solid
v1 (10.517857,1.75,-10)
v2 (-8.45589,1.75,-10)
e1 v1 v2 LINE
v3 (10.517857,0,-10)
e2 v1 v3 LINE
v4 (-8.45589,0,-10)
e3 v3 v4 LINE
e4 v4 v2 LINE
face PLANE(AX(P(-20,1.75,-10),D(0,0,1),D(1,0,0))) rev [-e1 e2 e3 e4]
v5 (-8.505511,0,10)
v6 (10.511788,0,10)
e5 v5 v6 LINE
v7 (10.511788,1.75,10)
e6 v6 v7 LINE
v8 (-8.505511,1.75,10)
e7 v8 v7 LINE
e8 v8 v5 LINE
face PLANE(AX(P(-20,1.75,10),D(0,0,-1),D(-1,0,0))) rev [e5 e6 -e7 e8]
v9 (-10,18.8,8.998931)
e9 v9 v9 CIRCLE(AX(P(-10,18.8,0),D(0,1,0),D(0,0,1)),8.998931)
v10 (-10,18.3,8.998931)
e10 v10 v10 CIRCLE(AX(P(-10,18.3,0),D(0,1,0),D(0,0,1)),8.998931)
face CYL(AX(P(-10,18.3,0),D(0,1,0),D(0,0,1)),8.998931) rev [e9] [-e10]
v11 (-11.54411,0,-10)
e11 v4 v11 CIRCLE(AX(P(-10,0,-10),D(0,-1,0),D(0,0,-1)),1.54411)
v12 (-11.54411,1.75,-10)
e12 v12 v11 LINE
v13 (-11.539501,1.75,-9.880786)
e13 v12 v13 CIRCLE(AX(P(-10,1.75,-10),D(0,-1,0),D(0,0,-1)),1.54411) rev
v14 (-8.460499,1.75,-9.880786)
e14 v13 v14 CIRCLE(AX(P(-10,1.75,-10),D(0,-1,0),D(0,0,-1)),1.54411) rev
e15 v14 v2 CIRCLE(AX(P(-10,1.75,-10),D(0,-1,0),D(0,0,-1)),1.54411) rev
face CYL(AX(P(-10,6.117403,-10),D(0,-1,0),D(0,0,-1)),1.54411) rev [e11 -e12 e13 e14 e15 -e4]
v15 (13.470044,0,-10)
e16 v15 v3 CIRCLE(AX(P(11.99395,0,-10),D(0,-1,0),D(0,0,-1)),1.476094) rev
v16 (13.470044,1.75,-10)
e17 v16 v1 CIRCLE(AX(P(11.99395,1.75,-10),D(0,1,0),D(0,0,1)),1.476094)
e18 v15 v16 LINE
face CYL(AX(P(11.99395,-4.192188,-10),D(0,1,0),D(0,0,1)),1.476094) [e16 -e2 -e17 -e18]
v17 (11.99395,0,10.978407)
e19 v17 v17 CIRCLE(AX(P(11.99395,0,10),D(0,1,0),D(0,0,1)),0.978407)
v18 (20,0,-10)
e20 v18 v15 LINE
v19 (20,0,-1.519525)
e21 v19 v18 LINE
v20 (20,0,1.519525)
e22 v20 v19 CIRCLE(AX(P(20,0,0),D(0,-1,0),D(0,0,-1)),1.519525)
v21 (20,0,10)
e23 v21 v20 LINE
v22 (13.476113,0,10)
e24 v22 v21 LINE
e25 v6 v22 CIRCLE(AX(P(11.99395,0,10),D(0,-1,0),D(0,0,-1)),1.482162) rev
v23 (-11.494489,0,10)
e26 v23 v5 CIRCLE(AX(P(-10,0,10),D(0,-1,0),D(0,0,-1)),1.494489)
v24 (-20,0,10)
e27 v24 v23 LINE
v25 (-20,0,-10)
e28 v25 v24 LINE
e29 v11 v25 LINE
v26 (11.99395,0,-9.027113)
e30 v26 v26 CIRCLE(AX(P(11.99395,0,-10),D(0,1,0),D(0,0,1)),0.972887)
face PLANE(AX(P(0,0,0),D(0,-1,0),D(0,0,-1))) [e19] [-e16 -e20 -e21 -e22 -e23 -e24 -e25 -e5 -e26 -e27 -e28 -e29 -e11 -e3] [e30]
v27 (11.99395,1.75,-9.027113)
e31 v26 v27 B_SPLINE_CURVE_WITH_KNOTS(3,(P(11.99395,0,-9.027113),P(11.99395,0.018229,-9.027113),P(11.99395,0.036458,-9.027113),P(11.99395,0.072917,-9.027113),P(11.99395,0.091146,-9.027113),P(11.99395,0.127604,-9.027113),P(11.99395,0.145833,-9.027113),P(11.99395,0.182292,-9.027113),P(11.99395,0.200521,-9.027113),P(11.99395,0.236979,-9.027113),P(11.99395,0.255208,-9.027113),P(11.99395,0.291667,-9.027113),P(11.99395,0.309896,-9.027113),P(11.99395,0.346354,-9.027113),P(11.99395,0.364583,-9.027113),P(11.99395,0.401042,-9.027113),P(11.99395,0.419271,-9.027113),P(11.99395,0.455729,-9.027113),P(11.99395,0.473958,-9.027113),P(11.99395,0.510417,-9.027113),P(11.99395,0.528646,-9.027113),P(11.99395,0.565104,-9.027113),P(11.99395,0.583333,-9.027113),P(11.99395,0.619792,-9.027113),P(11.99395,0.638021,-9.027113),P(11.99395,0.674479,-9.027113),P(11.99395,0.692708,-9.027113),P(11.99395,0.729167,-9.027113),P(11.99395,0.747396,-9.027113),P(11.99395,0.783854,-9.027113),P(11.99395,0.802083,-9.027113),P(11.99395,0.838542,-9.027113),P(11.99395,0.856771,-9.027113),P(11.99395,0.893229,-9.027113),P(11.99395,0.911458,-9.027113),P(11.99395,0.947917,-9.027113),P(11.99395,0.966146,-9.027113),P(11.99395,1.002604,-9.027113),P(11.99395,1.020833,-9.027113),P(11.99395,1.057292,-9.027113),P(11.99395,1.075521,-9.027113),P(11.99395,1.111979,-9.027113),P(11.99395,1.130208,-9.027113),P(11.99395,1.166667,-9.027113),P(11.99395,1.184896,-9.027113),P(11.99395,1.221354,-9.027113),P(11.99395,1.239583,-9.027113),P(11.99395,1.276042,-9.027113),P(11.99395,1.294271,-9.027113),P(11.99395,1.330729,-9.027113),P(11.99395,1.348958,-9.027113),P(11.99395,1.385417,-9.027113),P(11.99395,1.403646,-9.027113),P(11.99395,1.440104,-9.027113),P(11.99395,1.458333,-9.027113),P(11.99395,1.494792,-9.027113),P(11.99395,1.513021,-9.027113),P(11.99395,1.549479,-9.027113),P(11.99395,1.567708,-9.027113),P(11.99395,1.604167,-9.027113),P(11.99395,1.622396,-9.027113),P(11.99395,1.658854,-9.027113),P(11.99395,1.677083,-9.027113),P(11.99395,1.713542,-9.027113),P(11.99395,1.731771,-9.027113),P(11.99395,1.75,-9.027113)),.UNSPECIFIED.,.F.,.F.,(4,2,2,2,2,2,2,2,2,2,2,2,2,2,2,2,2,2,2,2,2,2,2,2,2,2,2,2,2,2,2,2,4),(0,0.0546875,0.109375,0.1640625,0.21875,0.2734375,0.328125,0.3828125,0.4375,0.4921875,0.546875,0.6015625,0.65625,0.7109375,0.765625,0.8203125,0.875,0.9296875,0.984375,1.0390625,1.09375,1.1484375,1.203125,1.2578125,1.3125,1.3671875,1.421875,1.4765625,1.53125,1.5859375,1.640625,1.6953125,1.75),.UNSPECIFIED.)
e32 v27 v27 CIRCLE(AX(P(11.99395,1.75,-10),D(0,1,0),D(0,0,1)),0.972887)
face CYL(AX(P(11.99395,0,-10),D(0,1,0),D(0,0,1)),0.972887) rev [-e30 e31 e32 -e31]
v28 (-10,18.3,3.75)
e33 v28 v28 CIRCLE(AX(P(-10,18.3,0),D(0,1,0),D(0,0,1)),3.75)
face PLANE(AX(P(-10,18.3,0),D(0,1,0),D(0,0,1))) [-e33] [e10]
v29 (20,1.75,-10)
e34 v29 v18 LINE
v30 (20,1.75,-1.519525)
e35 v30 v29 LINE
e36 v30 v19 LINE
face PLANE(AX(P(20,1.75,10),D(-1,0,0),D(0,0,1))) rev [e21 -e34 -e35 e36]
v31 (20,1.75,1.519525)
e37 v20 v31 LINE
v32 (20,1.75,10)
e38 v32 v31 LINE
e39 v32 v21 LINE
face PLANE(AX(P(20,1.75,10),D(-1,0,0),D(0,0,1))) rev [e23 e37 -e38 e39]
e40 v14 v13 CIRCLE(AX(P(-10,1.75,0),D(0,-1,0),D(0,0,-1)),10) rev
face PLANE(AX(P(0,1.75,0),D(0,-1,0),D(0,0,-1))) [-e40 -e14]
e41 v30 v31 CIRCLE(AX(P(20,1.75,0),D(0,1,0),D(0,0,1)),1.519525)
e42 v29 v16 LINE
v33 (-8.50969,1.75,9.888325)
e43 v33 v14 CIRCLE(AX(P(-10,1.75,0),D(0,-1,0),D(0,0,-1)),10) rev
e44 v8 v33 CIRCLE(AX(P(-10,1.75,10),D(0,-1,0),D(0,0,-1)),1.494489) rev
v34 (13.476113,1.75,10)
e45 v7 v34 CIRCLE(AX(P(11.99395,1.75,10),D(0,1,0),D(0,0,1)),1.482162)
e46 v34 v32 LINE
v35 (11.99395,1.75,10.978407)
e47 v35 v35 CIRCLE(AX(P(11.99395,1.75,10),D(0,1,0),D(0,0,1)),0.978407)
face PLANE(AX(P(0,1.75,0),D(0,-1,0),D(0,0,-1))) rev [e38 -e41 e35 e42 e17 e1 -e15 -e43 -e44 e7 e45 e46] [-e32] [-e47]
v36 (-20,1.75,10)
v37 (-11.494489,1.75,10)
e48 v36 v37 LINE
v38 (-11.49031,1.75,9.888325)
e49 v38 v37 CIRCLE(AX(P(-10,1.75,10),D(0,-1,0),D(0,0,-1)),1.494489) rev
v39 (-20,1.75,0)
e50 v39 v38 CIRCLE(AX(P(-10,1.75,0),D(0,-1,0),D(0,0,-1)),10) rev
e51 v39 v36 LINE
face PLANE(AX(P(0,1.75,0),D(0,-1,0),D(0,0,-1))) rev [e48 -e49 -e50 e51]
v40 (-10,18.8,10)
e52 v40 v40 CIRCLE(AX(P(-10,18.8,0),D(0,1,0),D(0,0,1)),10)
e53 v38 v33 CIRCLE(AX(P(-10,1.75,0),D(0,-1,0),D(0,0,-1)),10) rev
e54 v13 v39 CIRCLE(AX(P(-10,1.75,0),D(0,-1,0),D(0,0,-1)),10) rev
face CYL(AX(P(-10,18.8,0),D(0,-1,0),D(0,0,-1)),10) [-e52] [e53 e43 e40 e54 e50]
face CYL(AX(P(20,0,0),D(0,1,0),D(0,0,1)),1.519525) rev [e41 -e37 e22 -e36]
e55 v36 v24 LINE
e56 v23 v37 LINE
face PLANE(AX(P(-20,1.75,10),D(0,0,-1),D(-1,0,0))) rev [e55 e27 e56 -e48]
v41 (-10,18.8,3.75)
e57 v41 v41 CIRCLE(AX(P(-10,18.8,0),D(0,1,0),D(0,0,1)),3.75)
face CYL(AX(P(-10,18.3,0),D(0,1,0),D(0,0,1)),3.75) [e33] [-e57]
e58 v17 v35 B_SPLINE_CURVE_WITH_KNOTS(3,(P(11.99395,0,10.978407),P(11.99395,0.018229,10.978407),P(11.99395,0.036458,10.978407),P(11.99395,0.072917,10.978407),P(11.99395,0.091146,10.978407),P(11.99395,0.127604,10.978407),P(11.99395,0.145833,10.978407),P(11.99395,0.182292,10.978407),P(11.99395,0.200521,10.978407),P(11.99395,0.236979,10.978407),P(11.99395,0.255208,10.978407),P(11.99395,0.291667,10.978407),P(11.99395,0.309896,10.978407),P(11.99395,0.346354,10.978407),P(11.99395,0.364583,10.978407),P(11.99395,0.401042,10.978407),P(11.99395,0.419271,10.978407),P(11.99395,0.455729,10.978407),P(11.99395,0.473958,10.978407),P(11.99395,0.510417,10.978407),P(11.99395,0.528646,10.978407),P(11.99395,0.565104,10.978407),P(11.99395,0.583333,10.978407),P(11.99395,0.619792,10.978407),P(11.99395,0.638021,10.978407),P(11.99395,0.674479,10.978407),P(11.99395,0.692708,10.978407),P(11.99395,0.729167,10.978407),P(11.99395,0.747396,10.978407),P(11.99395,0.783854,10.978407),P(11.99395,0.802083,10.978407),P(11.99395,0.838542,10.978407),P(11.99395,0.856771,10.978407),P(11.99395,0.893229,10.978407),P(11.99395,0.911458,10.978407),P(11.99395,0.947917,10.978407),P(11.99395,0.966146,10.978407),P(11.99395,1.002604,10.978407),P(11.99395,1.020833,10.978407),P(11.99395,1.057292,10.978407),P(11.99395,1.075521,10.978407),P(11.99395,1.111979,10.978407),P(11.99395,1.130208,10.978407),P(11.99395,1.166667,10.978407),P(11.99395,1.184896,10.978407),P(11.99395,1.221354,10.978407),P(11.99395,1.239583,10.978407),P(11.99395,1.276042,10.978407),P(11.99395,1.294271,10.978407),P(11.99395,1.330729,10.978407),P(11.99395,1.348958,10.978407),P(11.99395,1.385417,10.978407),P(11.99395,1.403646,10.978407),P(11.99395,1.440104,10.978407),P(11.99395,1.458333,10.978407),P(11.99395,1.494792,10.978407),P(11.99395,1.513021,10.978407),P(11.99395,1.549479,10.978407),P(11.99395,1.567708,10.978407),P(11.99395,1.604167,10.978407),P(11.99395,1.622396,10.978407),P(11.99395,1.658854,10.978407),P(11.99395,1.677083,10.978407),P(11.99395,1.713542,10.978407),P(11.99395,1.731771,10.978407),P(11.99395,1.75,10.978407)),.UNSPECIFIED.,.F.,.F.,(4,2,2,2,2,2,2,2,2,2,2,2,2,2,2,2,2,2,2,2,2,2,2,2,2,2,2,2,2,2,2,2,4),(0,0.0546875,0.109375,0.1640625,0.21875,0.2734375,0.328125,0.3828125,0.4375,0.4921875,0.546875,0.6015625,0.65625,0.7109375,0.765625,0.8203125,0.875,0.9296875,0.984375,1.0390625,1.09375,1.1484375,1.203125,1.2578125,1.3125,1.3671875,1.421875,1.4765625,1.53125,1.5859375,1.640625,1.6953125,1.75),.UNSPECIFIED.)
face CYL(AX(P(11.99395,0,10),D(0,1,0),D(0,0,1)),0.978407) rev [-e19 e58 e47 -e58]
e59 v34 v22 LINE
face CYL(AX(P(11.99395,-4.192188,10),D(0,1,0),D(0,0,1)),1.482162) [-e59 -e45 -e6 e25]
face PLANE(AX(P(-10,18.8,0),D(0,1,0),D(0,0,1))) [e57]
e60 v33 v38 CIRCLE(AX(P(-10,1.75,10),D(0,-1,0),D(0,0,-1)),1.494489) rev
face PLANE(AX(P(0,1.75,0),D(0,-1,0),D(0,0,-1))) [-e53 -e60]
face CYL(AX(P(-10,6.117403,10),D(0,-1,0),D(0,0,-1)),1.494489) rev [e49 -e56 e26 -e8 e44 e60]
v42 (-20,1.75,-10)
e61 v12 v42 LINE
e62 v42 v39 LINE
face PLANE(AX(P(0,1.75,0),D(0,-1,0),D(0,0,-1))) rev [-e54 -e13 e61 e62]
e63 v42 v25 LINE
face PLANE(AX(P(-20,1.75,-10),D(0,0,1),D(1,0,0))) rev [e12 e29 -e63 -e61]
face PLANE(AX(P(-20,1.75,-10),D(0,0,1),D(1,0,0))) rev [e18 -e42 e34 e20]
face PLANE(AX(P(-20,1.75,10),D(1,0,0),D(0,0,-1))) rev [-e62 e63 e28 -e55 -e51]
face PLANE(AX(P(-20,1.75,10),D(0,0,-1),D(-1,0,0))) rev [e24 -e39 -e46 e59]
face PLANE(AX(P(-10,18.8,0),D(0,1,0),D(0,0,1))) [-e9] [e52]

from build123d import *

# Parameters (mm, degrees)
SKETCH1_W           = 40
SKETCH1_H           = 20
BOSS_EXTRUDE1_DEPTH = 1.75
SKETCH2_R           = 10
BOSS_EXTRUDE2_DEPTH = 18.8
SKETCH3_R           = 8.998930974
SKETCH3_R_2         = 3.75
CUT_EXTRUDE2_DEPTH  = 0.5
SKETCH4_R           = 1.519525434
CUT_EXTRUDE3_DEPTH  = 29.119432782
SKETCH5_R           = 1.494488577
SKETCH5_R_2         = 1.544110057
CUT_EXTRUDE5_DEPTH  = 1.75
SKETCH7_R           = 1.482162374
SKETCH7_R_2         = 1.476093664
BOSS_EXTRUDE3_DEPTH = 1.75
SKETCH8_R           = 0.972887348
SKETCH8_R_2         = 0.978406894
CUT_EXTRUDE6_DEPTH  = 29.680002664


with BuildPart() as part:
    # Sketch1 → Boss-Extrude1 (new body)
    with BuildSketch(Plane(origin=(0, 0, 0), x_dir=(1, 0, 0), z_dir=(0, 1, 0))):
        Rectangle(SKETCH1_W, SKETCH1_H)
    extrude(amount=BOSS_EXTRUDE1_DEPTH)

    # Sketch2 → Boss-Extrude2 (add)
    with BuildSketch(Plane(origin=(0, 0, 0), x_dir=(1, 0, 0), z_dir=(0, 1, 0))):
        with Locations(Location((-10, 0, 0), (0, 0, 270))):
            Circle(SKETCH2_R)
    extrude(amount=BOSS_EXTRUDE2_DEPTH)

    # Sketch3 → Cut-Extrude2 (cut)
    with BuildSketch(Plane(origin=(0, 18.8, 0), x_dir=(1, 0, 0), z_dir=(0, 1, 0))):
        with Locations(Location((-10, 0, 0), (0, 0, 270))):
            Circle(SKETCH3_R)
        with Locations(Location((-10, 0, 0), (0, 0, 270))):
            Circle(SKETCH3_R_2, mode=Mode.SUBTRACT)
    extrude(amount=-CUT_EXTRUDE2_DEPTH, mode=Mode.SUBTRACT)

    # Sketch4 → Cut-Extrude3 (cut, through all)
    with BuildSketch(Plane(origin=(0, 1.75, 0), x_dir=(1, 0, 0), z_dir=(0, 1, 0))):
        with Locations((20, 0)):
            Circle(SKETCH4_R)
    extrude(amount=-CUT_EXTRUDE3_DEPTH, mode=Mode.SUBTRACT)

    # Sketch5 → Cut-Extrude5 (cut)
    with BuildSketch(Plane.XZ):
        with Locations((-10, 10)):
            Circle(SKETCH5_R)
        with Locations((-10, -10)):
            Circle(SKETCH5_R_2)
    extrude(amount=-CUT_EXTRUDE5_DEPTH, mode=Mode.SUBTRACT)

    # Sketch7 → Boss-Extrude3 (add)
    with BuildSketch(Plane(origin=(0, 1.75, 0), x_dir=(1, 0, 0), z_dir=(0, 1, 0))):
        with Locations((11.99395038, -10)):
            Circle(SKETCH7_R)
        with Locations((11.99395038, 10)):
            Circle(SKETCH7_R_2)
    extrude(amount=-BOSS_EXTRUDE3_DEPTH)

    # Sketch8 → Cut-Extrude6 (cut, through all)
    with BuildSketch(Plane(origin=(0, 1.75, 0), x_dir=(1, 0, 0), z_dir=(0, 1, 0))):
        with Locations(Location((11.99395038, 10, 0), (0, 0, 270))):
            Circle(SKETCH8_R)
        with Locations(Location((11.99395038, -10, 0), (0, 0, 270))):
            Circle(SKETCH8_R_2)
    extrude(amount=-CUT_EXTRUDE6_DEPTH, mode=Mode.SUBTRACT)


solid = part.part
